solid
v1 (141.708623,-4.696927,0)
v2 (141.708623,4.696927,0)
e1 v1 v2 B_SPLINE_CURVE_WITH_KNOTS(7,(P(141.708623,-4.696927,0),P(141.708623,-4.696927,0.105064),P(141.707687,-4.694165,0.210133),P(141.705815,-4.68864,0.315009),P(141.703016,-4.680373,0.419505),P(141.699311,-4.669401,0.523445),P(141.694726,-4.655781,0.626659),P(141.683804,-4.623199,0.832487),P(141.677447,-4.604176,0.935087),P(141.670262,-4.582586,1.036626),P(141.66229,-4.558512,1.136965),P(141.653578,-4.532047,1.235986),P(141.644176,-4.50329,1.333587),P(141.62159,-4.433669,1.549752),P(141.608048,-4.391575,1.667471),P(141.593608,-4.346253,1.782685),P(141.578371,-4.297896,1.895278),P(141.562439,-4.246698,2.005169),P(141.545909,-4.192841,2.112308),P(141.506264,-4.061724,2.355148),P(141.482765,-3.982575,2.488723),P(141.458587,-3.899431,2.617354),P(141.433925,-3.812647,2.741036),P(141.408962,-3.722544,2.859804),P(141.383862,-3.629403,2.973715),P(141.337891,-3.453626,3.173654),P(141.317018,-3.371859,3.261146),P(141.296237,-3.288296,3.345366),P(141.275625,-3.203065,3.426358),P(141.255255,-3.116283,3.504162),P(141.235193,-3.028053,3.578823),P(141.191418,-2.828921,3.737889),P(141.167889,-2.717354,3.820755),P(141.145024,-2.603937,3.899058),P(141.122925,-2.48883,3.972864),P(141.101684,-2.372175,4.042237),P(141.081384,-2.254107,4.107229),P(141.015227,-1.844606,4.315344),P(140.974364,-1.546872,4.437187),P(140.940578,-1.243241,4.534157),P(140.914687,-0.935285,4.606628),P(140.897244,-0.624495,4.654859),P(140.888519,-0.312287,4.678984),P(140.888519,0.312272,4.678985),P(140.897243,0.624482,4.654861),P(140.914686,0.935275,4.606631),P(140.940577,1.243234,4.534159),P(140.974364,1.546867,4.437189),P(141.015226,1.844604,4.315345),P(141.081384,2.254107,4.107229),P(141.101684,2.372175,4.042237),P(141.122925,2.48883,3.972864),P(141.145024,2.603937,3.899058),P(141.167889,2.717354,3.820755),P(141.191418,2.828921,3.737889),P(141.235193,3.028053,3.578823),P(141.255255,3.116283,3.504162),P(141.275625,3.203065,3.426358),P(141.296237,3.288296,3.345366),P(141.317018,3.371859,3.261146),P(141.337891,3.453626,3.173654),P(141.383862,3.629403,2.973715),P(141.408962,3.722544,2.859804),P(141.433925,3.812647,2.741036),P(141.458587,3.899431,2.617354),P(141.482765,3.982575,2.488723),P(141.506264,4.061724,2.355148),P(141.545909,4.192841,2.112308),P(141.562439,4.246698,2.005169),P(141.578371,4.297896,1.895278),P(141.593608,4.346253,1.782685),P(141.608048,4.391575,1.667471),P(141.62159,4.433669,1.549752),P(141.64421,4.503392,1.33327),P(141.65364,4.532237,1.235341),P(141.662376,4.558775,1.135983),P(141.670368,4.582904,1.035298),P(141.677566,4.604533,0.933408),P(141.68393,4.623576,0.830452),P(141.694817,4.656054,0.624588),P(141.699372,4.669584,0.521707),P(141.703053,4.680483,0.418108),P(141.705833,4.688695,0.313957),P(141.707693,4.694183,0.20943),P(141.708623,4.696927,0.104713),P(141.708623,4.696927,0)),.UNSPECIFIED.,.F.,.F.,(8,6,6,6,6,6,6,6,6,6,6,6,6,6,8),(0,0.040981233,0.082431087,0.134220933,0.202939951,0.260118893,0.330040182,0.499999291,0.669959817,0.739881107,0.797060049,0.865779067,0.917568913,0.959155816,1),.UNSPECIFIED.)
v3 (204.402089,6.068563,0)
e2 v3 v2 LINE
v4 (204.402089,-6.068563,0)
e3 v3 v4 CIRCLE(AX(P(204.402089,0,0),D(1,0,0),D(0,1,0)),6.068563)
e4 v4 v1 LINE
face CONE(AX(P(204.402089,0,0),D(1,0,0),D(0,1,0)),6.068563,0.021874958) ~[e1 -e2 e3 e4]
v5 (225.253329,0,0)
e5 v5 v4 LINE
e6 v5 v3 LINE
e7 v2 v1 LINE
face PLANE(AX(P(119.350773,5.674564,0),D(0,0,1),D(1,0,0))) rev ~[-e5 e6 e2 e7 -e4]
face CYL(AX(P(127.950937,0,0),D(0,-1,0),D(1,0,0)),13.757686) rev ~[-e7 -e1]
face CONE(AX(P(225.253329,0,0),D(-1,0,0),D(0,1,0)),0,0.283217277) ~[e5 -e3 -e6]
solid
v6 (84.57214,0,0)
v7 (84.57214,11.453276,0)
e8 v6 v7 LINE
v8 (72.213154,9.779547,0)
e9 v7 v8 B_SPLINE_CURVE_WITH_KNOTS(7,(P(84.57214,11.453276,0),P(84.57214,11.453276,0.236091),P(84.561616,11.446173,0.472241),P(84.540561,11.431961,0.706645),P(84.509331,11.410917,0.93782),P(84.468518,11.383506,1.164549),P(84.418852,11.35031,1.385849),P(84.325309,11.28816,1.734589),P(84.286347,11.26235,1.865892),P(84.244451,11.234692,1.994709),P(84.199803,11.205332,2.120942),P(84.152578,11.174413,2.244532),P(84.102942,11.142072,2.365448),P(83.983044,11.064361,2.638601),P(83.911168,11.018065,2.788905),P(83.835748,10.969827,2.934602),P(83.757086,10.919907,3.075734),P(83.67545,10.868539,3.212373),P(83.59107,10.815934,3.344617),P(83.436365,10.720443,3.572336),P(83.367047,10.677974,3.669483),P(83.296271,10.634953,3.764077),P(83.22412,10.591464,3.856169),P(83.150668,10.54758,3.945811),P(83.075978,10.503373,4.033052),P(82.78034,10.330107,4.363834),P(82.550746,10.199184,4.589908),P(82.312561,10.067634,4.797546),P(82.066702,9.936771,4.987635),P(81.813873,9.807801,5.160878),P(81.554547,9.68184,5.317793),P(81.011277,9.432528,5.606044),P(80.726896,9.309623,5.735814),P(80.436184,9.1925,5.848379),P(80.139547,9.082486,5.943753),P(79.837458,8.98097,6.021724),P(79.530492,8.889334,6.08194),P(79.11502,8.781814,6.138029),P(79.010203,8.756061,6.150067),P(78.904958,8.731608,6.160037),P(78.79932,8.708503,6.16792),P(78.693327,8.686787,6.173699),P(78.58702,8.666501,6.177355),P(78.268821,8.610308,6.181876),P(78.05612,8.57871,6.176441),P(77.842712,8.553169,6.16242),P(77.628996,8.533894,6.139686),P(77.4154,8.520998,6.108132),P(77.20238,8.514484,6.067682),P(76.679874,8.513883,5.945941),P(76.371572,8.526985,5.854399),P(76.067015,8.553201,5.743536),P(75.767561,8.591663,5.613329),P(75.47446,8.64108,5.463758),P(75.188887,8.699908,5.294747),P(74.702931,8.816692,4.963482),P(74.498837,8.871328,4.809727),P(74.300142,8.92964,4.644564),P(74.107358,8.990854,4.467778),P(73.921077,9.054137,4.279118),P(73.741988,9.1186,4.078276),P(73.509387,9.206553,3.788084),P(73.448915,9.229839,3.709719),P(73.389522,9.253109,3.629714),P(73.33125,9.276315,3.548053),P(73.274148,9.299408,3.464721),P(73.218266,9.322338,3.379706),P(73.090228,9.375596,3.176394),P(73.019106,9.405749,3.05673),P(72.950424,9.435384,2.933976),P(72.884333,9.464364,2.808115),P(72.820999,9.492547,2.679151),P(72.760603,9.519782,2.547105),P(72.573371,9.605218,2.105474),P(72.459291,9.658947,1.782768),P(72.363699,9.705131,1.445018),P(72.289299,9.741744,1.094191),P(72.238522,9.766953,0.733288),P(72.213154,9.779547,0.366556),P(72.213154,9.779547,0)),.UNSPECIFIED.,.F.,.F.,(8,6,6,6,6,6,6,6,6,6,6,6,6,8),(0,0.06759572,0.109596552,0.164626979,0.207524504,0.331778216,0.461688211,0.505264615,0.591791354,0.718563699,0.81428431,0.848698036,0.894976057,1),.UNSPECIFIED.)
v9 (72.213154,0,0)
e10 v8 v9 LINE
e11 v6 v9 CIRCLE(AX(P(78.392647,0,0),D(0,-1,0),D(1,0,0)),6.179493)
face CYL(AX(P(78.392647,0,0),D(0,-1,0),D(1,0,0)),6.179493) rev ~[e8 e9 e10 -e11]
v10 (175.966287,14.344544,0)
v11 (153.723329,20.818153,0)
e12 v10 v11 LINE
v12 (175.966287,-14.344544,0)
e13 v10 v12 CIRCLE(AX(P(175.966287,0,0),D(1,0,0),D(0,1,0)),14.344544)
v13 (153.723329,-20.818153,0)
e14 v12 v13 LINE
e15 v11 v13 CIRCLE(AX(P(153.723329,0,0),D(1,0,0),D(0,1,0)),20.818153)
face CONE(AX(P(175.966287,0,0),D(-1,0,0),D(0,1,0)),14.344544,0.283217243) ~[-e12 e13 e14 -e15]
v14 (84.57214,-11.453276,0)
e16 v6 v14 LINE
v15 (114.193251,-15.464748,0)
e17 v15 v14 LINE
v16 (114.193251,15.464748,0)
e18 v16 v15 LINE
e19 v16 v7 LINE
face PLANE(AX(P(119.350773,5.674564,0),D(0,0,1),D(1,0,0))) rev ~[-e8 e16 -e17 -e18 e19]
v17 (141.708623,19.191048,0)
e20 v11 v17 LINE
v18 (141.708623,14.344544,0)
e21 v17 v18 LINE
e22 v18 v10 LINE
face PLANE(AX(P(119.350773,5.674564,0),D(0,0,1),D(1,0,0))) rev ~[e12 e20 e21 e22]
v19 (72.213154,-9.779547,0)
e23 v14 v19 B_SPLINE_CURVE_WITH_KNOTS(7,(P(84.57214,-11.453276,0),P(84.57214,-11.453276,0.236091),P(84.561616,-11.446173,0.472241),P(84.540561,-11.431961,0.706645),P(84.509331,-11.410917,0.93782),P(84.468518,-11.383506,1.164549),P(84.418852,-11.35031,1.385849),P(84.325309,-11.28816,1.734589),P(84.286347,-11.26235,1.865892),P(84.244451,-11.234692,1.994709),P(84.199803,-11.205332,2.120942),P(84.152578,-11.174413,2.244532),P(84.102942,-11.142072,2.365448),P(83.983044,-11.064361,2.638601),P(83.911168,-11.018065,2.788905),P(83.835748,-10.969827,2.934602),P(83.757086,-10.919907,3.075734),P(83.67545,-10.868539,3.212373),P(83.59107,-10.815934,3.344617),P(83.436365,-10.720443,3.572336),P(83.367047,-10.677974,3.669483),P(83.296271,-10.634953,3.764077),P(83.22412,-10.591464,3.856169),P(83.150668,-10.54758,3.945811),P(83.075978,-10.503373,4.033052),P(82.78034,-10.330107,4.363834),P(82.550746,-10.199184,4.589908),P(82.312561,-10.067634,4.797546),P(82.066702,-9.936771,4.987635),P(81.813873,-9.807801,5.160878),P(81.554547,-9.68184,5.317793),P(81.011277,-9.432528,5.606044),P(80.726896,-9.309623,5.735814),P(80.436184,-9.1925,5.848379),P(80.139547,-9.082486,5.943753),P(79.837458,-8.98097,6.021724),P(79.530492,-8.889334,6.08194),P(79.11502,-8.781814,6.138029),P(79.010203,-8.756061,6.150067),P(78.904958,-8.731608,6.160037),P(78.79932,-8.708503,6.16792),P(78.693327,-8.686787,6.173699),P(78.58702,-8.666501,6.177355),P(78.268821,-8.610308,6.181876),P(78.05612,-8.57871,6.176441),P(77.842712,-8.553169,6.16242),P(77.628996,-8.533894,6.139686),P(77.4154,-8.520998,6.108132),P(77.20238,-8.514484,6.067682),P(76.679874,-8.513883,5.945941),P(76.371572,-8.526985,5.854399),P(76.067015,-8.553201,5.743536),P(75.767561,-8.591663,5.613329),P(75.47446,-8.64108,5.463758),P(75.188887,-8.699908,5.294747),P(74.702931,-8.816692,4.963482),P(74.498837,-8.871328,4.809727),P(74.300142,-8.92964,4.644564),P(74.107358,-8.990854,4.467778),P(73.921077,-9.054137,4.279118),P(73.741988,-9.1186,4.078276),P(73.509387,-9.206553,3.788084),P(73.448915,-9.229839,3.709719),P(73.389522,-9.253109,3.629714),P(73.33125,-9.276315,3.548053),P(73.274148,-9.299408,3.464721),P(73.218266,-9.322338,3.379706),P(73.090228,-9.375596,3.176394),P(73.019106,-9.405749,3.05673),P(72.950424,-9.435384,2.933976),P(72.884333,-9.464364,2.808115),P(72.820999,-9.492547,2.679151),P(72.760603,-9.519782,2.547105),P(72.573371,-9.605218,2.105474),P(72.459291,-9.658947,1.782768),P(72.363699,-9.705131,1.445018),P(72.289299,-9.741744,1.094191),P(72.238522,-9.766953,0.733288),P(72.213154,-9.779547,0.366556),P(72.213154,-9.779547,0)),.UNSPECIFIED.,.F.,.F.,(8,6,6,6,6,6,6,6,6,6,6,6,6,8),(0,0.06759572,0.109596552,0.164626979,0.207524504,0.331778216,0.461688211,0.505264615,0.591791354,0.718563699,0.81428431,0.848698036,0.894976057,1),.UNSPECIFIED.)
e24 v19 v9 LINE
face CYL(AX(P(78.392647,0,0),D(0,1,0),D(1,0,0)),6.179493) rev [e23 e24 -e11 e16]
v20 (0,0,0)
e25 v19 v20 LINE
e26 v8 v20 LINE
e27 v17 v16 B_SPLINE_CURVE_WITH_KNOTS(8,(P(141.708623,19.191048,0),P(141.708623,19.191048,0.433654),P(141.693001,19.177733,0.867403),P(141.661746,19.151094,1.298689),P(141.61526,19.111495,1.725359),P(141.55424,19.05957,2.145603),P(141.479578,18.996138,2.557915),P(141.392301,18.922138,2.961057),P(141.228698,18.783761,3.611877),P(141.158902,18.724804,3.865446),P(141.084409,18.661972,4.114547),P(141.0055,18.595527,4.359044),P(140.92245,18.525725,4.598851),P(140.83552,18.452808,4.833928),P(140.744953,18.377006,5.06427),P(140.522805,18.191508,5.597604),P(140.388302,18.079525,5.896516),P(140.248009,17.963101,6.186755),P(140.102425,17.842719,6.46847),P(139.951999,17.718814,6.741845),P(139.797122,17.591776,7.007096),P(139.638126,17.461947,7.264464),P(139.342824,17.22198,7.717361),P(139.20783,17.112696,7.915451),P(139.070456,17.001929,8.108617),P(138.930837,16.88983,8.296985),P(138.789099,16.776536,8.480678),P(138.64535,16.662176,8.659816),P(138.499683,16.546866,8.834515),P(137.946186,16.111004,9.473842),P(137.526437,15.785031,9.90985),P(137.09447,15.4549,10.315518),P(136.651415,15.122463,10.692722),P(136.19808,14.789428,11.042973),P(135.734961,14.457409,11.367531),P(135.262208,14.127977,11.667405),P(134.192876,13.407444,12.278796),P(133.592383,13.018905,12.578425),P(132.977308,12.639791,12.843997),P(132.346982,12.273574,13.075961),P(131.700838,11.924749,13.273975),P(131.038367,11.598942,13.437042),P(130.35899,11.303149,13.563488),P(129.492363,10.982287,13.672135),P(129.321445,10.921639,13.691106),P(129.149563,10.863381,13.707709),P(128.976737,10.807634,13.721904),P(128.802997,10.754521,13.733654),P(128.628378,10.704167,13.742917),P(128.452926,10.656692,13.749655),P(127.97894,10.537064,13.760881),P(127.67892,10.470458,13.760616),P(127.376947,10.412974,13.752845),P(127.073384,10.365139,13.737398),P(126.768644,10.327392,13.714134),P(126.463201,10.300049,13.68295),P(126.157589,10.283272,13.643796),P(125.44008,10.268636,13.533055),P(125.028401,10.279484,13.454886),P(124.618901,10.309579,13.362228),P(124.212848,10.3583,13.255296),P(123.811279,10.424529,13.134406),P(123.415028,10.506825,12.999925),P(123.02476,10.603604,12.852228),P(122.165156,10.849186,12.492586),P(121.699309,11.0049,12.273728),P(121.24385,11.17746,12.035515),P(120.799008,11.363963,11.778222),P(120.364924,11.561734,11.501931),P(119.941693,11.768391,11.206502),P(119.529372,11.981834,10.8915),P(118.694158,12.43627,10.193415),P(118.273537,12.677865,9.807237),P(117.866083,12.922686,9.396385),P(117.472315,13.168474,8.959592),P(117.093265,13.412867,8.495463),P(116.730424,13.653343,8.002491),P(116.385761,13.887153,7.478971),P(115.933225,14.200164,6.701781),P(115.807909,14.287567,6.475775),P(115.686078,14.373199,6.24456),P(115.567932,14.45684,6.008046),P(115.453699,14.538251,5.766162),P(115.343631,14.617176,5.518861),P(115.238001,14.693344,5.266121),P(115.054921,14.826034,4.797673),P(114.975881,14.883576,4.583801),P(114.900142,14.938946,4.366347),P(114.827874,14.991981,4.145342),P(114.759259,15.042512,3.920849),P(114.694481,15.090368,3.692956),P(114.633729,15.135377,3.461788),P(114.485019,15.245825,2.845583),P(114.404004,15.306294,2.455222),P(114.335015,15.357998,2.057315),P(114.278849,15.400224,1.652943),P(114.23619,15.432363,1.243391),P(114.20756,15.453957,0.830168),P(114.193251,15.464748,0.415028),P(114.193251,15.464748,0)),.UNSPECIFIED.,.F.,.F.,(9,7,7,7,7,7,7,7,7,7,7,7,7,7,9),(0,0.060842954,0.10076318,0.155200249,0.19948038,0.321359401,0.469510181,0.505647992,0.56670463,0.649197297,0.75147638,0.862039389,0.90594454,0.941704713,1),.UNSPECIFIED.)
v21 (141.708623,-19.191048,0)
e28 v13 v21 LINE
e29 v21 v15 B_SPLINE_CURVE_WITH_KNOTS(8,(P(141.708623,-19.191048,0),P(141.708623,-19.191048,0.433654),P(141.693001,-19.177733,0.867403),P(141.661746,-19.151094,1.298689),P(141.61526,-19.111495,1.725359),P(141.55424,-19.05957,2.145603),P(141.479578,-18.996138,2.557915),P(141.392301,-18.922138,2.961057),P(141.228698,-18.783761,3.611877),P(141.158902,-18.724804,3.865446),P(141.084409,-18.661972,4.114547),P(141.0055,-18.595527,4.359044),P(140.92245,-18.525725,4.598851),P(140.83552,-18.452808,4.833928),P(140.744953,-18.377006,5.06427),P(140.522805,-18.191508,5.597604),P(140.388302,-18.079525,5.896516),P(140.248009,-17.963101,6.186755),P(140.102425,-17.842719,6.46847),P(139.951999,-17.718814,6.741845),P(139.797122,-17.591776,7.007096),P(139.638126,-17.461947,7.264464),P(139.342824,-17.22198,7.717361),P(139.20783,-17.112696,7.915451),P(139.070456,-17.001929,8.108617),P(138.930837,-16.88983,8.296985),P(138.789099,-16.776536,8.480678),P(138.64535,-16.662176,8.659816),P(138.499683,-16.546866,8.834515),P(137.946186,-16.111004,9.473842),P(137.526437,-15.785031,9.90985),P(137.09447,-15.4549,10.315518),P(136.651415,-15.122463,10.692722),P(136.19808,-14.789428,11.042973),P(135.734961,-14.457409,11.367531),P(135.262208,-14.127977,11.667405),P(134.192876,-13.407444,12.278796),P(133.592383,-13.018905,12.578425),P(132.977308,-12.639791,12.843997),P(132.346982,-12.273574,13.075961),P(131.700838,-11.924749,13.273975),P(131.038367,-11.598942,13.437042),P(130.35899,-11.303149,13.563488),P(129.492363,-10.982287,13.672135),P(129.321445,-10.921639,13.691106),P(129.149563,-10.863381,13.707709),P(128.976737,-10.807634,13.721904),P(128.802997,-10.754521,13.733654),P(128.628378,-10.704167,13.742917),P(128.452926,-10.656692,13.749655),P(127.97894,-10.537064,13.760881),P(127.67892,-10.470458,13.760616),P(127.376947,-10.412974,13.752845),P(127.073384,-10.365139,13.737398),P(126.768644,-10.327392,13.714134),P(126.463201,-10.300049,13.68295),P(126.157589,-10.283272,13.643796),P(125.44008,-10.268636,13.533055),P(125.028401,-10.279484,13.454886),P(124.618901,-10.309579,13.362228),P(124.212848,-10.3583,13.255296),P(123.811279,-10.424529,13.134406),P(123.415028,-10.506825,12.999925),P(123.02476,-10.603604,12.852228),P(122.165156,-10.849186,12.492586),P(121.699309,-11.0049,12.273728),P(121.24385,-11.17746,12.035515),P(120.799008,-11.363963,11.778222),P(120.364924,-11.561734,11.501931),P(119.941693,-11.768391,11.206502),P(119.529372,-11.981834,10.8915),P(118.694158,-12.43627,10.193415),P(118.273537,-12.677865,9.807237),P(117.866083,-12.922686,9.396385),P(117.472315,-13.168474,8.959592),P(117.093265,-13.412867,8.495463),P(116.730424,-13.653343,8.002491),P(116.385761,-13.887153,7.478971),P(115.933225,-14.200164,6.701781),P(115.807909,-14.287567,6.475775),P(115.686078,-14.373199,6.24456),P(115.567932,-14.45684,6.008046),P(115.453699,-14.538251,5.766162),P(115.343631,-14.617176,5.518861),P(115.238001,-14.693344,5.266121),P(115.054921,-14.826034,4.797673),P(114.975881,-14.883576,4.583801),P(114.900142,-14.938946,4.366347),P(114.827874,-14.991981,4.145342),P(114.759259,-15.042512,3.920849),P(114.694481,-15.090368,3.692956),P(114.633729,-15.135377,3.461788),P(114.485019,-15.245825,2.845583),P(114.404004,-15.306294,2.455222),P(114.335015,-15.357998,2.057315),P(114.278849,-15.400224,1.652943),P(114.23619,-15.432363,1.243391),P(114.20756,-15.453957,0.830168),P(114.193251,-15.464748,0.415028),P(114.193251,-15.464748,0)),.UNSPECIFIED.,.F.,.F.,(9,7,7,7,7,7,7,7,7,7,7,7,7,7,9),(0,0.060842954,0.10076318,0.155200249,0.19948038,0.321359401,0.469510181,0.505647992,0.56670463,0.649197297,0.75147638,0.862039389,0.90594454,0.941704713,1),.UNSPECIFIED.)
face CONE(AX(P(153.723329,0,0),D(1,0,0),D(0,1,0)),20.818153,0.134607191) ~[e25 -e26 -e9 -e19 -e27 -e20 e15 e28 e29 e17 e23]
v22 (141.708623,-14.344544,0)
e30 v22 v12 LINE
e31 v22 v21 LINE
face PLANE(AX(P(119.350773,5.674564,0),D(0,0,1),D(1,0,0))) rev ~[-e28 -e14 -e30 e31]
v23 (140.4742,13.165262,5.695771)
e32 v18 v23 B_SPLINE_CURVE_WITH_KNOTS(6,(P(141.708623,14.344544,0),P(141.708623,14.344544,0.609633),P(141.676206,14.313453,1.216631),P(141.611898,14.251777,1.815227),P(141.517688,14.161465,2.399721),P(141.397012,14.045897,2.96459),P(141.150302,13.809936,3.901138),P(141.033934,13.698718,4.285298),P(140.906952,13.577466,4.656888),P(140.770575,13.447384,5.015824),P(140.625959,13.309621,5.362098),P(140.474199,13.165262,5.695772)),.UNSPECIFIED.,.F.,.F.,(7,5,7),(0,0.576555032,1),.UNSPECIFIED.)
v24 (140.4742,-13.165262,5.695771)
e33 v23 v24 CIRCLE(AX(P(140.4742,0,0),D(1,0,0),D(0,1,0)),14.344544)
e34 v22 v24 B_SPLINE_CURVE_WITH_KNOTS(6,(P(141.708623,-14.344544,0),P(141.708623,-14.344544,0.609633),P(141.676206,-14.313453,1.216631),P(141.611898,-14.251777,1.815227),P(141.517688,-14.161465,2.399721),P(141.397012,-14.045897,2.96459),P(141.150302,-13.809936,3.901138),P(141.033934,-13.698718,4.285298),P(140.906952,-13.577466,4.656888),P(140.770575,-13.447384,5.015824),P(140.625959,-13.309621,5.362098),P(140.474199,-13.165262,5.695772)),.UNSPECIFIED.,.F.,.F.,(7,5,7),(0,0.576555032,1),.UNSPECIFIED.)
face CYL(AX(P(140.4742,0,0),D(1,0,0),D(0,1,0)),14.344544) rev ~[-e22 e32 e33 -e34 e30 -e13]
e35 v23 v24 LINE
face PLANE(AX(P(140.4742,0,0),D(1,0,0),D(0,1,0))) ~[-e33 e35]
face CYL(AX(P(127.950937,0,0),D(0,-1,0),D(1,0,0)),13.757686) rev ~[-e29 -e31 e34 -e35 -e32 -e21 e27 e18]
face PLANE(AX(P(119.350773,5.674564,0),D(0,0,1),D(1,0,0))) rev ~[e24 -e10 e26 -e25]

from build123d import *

# Parameters (mm, degrees)
F1_ANGLE = 180
F2_R     = 6.179493
F2_R_2   = 13.757686
F3_DEPTH = 25.4


with BuildPart() as f1:
    # F0 (on Top) → F1 (revolve)
    with BuildSketch(Plane.XY):
        Polygon((153.723329, 20.818153), (0, 0), (225.253329, 0), (204.402089, 6.068563), (140.4742, 4.66992), (140.4742, 14.344544), (175.966287, 14.344544), align=None)
    revolve(axis=Axis((112.626664, 0, 0), (1, 0, 0)), revolution_arc=F1_ANGLE)

    # F2 (on Front) → F3 (cut, symmetric)
    with BuildSketch(Plane.XZ):
        with Locations((78.392647, 0)):
            Circle(F2_R)
        with Locations((127.950937, 0)):
            Circle(F2_R_2)
    extrude(amount=F3_DEPTH, both=True, mode=Mode.SUBTRACT)


solid = f1.part
